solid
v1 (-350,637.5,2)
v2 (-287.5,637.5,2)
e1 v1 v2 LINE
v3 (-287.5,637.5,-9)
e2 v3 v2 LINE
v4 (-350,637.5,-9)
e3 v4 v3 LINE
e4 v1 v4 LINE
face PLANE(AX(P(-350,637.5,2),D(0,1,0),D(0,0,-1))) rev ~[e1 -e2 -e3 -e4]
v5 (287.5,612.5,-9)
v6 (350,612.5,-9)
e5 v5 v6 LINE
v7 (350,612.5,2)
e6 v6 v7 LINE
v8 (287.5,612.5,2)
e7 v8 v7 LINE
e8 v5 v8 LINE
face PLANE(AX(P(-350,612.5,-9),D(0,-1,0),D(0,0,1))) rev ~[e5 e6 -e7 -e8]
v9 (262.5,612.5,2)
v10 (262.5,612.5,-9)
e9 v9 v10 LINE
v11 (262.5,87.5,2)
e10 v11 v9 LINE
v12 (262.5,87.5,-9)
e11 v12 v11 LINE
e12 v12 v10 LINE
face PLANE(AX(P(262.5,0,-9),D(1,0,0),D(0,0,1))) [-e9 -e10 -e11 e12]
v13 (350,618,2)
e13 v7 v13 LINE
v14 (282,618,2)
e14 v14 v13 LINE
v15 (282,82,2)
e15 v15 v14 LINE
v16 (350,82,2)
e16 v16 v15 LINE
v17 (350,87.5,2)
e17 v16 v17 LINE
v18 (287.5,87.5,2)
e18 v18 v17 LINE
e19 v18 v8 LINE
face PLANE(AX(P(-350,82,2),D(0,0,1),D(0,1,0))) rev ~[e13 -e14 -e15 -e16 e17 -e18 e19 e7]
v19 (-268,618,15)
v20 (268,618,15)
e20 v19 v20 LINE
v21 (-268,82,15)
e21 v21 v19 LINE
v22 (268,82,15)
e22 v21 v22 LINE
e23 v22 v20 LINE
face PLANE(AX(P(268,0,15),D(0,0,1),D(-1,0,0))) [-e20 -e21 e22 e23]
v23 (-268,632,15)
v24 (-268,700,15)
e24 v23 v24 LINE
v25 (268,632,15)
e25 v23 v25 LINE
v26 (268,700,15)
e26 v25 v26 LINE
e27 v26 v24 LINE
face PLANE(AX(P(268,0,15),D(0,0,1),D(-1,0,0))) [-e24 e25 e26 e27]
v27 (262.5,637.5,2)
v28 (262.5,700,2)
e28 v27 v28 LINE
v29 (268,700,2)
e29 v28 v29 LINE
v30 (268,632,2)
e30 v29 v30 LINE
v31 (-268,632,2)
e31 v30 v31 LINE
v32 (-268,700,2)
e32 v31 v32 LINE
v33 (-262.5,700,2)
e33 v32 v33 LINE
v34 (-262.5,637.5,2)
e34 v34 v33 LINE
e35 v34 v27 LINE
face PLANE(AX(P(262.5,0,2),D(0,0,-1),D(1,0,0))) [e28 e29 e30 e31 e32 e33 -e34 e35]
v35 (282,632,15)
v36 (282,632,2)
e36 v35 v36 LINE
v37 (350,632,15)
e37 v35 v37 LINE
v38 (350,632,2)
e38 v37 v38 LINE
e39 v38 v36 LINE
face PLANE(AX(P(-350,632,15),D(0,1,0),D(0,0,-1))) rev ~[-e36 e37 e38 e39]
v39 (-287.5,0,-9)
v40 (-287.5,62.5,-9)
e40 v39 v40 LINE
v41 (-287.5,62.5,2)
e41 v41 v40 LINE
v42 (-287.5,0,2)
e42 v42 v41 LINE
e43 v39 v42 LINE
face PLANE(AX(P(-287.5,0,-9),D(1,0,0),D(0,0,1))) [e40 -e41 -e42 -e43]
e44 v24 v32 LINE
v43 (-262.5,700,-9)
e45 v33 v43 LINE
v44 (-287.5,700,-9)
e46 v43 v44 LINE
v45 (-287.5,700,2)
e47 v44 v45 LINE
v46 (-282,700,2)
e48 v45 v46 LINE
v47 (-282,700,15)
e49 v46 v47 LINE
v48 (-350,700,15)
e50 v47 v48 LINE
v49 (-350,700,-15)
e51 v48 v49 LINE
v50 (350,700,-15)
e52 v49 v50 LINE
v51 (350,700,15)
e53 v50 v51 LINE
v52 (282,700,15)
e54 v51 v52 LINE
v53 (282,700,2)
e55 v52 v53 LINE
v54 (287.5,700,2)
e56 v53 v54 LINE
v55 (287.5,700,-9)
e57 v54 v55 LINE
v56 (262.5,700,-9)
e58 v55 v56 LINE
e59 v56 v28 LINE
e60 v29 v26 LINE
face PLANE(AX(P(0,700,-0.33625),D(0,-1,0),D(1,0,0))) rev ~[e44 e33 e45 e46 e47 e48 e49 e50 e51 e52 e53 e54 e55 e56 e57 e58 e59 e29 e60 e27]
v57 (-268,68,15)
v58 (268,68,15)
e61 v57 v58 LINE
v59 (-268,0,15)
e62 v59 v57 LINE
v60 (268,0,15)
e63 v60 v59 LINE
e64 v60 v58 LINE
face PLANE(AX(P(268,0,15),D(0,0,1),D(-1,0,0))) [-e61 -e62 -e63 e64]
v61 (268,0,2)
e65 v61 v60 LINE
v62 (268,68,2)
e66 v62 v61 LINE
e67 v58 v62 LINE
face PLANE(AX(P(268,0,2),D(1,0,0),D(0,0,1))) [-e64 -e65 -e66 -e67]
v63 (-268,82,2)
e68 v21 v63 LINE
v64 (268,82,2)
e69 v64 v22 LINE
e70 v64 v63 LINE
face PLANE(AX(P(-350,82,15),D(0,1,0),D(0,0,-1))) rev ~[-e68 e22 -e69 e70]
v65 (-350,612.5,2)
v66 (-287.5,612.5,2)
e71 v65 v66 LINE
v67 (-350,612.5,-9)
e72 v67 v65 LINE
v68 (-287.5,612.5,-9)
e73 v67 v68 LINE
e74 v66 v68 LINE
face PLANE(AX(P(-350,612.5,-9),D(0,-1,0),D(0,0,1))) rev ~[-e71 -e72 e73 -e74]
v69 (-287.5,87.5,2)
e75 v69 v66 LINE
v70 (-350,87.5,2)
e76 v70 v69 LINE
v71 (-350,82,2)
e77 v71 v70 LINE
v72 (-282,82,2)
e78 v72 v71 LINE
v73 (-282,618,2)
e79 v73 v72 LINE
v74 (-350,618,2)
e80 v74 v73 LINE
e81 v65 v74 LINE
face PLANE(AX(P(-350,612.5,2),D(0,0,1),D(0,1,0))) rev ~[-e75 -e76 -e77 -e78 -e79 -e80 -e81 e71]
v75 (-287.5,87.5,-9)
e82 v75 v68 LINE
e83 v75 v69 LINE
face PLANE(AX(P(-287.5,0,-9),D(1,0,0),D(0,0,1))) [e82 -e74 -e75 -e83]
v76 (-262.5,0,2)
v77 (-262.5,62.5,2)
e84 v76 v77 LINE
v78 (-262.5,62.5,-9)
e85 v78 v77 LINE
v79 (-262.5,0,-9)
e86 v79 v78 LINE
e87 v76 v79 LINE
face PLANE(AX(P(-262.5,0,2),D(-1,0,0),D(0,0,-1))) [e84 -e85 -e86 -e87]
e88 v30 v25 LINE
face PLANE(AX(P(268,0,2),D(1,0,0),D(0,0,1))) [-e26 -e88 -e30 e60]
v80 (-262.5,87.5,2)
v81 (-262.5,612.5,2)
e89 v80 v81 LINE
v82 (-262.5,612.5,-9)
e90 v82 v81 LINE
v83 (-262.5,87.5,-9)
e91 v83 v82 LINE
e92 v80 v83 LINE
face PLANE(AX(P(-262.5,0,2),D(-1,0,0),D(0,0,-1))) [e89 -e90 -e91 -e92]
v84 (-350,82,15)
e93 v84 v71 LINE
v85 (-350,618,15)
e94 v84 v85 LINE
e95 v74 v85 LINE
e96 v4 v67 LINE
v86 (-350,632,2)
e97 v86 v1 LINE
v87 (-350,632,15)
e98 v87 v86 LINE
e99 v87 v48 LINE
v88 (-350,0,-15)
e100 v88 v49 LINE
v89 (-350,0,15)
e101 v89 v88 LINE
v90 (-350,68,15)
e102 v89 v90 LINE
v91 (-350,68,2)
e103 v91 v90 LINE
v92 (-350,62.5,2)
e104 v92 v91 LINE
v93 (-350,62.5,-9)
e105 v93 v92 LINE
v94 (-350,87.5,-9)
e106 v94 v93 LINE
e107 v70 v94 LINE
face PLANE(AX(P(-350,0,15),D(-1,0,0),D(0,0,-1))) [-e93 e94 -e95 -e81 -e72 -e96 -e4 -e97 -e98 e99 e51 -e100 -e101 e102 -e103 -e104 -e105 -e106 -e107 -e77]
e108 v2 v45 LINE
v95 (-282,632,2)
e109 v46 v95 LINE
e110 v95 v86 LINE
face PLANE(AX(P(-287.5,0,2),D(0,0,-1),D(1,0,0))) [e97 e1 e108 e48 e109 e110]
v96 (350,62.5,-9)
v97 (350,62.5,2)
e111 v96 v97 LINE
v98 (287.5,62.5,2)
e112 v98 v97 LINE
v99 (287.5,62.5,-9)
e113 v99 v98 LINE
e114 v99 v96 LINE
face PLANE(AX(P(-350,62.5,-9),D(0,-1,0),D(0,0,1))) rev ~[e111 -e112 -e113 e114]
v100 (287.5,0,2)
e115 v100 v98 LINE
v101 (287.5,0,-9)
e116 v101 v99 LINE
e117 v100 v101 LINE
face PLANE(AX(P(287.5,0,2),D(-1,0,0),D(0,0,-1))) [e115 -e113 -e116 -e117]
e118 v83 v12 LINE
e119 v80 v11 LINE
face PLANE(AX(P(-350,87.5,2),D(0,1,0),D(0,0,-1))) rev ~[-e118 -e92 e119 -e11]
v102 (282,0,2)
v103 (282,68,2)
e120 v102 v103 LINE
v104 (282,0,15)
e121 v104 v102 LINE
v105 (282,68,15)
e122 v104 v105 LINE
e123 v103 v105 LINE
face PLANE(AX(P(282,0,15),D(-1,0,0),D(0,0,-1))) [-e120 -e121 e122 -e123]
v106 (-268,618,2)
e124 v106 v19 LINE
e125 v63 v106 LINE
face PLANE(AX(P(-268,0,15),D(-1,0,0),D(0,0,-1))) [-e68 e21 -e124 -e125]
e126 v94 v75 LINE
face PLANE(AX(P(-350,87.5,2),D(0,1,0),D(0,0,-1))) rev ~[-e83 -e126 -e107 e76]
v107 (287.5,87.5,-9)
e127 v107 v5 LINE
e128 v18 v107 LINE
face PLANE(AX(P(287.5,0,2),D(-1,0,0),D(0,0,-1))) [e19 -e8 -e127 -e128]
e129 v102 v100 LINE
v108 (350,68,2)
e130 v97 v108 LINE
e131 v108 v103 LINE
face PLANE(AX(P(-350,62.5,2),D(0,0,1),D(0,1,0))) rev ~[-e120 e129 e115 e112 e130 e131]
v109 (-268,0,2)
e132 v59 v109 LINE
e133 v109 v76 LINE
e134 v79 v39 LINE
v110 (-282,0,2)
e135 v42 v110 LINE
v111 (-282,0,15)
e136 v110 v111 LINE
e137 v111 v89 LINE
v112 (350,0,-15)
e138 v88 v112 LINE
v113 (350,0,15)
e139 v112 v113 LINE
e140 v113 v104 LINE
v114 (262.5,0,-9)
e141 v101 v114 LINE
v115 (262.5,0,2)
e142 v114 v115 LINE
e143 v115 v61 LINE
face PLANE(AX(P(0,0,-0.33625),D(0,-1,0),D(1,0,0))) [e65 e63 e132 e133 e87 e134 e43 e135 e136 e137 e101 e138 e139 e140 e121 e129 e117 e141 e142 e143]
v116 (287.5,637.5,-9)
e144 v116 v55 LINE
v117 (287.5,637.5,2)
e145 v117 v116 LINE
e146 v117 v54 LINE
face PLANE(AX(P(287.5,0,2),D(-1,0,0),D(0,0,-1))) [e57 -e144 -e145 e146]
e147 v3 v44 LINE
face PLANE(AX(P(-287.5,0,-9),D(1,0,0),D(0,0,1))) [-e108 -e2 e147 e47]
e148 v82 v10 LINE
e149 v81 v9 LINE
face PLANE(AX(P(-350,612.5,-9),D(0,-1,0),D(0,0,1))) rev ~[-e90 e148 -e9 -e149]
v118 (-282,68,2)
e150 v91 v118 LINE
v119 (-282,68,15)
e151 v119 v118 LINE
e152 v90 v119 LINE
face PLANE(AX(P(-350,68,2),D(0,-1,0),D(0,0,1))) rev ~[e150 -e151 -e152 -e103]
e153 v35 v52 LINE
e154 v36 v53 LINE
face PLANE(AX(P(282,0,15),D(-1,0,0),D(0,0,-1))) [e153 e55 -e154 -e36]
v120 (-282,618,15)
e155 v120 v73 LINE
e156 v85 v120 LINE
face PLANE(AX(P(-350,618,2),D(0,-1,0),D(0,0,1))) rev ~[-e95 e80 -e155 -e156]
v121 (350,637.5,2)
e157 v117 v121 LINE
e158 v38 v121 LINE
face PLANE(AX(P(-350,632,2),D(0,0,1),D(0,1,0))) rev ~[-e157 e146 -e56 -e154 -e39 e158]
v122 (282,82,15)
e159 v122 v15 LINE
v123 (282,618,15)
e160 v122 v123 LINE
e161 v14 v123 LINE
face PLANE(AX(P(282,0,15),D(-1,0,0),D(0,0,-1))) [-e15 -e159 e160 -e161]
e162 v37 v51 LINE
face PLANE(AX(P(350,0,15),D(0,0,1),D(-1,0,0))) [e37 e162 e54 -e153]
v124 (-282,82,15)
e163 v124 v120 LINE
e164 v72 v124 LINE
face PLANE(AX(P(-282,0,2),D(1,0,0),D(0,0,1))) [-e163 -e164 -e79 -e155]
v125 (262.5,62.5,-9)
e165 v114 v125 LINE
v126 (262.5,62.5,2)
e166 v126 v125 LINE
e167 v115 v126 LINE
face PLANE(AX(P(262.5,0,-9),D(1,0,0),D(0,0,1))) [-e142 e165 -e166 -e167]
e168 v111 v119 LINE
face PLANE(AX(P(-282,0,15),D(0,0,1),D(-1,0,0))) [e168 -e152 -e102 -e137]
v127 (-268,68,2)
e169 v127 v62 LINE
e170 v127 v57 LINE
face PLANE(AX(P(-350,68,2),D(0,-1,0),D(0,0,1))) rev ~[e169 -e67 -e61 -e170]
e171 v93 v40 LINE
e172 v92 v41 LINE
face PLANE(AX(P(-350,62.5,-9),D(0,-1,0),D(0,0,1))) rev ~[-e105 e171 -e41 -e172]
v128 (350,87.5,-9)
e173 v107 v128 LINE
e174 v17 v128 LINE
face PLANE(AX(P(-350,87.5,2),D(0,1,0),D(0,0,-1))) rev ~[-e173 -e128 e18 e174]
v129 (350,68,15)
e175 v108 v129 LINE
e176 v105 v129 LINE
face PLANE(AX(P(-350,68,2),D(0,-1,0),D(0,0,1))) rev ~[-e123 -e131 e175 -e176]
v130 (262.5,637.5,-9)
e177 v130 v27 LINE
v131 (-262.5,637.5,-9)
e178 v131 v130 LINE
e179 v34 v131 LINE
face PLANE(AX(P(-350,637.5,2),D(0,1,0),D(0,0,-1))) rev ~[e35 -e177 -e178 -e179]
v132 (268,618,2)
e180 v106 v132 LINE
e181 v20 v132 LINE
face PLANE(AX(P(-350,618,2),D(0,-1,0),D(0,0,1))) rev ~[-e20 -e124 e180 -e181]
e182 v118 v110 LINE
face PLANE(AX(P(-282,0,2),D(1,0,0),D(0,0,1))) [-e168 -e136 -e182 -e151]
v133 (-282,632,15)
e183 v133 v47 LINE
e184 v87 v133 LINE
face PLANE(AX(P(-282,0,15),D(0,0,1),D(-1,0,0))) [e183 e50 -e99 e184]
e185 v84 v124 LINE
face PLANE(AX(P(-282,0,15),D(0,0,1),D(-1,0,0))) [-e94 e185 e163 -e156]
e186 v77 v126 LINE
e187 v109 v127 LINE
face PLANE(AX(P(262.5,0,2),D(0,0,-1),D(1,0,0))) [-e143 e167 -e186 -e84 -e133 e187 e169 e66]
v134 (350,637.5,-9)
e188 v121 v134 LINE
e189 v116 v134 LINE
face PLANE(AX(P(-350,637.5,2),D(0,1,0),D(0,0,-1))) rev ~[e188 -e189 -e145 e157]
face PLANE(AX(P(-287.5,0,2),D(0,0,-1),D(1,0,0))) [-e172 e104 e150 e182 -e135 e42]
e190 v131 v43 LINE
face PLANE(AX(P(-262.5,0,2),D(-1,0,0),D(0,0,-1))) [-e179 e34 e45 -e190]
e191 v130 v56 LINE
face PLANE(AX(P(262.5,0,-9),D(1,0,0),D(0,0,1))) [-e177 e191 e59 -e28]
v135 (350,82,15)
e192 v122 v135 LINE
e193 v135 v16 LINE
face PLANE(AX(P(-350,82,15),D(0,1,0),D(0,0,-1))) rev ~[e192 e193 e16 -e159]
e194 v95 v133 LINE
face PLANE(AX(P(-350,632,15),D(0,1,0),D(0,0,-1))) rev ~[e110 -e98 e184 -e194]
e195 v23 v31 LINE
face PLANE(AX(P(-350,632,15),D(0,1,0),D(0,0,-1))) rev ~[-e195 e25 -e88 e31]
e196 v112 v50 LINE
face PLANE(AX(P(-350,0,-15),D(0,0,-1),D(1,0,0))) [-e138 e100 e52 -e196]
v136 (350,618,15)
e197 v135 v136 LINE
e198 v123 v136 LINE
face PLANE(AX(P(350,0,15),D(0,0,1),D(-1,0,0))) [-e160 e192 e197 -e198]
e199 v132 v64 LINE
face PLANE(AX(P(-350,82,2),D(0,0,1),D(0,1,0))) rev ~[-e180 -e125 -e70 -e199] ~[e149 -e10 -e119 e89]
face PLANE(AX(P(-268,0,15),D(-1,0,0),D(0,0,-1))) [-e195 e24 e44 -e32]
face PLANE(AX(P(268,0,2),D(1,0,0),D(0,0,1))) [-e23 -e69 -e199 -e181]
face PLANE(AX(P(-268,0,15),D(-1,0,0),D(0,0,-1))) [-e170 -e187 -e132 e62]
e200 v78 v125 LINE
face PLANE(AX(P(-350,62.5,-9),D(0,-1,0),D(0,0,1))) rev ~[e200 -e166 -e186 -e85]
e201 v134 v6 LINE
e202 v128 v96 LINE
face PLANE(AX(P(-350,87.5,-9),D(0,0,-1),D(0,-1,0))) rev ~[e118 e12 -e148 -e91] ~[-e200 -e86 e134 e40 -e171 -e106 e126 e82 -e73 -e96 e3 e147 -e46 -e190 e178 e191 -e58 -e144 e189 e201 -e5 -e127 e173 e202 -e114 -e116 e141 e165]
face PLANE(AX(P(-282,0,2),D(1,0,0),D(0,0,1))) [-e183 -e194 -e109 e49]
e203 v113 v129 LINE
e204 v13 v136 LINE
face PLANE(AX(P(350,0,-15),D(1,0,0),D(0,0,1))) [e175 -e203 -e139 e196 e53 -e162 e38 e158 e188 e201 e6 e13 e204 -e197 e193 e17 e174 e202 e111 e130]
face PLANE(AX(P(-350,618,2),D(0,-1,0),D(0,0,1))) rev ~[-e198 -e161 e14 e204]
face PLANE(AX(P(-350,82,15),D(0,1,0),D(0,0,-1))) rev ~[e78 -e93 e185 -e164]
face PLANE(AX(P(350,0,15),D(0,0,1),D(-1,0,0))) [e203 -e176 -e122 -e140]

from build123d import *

# Parameters (mm, degrees)
F1_DEPTH = 700
F3_DEPTH = 700


with BuildPart() as f1:
    # F0 (on Front) → F1 (new body)
    with BuildSketch(Plane.XZ):
        Polygon((350, -15), (350, 15), (282, 15), (282, 2), (287.5, 2), (287.5, -9), (262.5, -9), (262.5, 2), (268, 2), (268, 15), (-268, 15), (-268, 2), (-262.5, 2), (-262.5, -9), (-287.5, -9), (-287.5, 2), (-282, 2), (-282, 15), (-350, 15), (-350, -15), align=None)
    extrude(amount=-F1_DEPTH)

    # F2 (on face) → F3 (cut)
    with BuildSketch(Plane(origin=(-350, 0, 0), x_dir=(0, -1, 0), z_dir=(-1, 0, 0))):
        Polygon((-618, 2), (-618, 15), (-632, 15), (-632, 2), (-637.5, 2), (-637.5, -9), (-612.5, -9), (-612.5, 2), align=None)
        Polygon((-68, 2), (-68, 15), (-82, 15), (-82, 2), (-87.5, 2), (-87.5, -9), (-62.5, -9), (-62.5, 2), align=None)
    extrude(amount=-F3_DEPTH, mode=Mode.SUBTRACT)


solid = f1.part
